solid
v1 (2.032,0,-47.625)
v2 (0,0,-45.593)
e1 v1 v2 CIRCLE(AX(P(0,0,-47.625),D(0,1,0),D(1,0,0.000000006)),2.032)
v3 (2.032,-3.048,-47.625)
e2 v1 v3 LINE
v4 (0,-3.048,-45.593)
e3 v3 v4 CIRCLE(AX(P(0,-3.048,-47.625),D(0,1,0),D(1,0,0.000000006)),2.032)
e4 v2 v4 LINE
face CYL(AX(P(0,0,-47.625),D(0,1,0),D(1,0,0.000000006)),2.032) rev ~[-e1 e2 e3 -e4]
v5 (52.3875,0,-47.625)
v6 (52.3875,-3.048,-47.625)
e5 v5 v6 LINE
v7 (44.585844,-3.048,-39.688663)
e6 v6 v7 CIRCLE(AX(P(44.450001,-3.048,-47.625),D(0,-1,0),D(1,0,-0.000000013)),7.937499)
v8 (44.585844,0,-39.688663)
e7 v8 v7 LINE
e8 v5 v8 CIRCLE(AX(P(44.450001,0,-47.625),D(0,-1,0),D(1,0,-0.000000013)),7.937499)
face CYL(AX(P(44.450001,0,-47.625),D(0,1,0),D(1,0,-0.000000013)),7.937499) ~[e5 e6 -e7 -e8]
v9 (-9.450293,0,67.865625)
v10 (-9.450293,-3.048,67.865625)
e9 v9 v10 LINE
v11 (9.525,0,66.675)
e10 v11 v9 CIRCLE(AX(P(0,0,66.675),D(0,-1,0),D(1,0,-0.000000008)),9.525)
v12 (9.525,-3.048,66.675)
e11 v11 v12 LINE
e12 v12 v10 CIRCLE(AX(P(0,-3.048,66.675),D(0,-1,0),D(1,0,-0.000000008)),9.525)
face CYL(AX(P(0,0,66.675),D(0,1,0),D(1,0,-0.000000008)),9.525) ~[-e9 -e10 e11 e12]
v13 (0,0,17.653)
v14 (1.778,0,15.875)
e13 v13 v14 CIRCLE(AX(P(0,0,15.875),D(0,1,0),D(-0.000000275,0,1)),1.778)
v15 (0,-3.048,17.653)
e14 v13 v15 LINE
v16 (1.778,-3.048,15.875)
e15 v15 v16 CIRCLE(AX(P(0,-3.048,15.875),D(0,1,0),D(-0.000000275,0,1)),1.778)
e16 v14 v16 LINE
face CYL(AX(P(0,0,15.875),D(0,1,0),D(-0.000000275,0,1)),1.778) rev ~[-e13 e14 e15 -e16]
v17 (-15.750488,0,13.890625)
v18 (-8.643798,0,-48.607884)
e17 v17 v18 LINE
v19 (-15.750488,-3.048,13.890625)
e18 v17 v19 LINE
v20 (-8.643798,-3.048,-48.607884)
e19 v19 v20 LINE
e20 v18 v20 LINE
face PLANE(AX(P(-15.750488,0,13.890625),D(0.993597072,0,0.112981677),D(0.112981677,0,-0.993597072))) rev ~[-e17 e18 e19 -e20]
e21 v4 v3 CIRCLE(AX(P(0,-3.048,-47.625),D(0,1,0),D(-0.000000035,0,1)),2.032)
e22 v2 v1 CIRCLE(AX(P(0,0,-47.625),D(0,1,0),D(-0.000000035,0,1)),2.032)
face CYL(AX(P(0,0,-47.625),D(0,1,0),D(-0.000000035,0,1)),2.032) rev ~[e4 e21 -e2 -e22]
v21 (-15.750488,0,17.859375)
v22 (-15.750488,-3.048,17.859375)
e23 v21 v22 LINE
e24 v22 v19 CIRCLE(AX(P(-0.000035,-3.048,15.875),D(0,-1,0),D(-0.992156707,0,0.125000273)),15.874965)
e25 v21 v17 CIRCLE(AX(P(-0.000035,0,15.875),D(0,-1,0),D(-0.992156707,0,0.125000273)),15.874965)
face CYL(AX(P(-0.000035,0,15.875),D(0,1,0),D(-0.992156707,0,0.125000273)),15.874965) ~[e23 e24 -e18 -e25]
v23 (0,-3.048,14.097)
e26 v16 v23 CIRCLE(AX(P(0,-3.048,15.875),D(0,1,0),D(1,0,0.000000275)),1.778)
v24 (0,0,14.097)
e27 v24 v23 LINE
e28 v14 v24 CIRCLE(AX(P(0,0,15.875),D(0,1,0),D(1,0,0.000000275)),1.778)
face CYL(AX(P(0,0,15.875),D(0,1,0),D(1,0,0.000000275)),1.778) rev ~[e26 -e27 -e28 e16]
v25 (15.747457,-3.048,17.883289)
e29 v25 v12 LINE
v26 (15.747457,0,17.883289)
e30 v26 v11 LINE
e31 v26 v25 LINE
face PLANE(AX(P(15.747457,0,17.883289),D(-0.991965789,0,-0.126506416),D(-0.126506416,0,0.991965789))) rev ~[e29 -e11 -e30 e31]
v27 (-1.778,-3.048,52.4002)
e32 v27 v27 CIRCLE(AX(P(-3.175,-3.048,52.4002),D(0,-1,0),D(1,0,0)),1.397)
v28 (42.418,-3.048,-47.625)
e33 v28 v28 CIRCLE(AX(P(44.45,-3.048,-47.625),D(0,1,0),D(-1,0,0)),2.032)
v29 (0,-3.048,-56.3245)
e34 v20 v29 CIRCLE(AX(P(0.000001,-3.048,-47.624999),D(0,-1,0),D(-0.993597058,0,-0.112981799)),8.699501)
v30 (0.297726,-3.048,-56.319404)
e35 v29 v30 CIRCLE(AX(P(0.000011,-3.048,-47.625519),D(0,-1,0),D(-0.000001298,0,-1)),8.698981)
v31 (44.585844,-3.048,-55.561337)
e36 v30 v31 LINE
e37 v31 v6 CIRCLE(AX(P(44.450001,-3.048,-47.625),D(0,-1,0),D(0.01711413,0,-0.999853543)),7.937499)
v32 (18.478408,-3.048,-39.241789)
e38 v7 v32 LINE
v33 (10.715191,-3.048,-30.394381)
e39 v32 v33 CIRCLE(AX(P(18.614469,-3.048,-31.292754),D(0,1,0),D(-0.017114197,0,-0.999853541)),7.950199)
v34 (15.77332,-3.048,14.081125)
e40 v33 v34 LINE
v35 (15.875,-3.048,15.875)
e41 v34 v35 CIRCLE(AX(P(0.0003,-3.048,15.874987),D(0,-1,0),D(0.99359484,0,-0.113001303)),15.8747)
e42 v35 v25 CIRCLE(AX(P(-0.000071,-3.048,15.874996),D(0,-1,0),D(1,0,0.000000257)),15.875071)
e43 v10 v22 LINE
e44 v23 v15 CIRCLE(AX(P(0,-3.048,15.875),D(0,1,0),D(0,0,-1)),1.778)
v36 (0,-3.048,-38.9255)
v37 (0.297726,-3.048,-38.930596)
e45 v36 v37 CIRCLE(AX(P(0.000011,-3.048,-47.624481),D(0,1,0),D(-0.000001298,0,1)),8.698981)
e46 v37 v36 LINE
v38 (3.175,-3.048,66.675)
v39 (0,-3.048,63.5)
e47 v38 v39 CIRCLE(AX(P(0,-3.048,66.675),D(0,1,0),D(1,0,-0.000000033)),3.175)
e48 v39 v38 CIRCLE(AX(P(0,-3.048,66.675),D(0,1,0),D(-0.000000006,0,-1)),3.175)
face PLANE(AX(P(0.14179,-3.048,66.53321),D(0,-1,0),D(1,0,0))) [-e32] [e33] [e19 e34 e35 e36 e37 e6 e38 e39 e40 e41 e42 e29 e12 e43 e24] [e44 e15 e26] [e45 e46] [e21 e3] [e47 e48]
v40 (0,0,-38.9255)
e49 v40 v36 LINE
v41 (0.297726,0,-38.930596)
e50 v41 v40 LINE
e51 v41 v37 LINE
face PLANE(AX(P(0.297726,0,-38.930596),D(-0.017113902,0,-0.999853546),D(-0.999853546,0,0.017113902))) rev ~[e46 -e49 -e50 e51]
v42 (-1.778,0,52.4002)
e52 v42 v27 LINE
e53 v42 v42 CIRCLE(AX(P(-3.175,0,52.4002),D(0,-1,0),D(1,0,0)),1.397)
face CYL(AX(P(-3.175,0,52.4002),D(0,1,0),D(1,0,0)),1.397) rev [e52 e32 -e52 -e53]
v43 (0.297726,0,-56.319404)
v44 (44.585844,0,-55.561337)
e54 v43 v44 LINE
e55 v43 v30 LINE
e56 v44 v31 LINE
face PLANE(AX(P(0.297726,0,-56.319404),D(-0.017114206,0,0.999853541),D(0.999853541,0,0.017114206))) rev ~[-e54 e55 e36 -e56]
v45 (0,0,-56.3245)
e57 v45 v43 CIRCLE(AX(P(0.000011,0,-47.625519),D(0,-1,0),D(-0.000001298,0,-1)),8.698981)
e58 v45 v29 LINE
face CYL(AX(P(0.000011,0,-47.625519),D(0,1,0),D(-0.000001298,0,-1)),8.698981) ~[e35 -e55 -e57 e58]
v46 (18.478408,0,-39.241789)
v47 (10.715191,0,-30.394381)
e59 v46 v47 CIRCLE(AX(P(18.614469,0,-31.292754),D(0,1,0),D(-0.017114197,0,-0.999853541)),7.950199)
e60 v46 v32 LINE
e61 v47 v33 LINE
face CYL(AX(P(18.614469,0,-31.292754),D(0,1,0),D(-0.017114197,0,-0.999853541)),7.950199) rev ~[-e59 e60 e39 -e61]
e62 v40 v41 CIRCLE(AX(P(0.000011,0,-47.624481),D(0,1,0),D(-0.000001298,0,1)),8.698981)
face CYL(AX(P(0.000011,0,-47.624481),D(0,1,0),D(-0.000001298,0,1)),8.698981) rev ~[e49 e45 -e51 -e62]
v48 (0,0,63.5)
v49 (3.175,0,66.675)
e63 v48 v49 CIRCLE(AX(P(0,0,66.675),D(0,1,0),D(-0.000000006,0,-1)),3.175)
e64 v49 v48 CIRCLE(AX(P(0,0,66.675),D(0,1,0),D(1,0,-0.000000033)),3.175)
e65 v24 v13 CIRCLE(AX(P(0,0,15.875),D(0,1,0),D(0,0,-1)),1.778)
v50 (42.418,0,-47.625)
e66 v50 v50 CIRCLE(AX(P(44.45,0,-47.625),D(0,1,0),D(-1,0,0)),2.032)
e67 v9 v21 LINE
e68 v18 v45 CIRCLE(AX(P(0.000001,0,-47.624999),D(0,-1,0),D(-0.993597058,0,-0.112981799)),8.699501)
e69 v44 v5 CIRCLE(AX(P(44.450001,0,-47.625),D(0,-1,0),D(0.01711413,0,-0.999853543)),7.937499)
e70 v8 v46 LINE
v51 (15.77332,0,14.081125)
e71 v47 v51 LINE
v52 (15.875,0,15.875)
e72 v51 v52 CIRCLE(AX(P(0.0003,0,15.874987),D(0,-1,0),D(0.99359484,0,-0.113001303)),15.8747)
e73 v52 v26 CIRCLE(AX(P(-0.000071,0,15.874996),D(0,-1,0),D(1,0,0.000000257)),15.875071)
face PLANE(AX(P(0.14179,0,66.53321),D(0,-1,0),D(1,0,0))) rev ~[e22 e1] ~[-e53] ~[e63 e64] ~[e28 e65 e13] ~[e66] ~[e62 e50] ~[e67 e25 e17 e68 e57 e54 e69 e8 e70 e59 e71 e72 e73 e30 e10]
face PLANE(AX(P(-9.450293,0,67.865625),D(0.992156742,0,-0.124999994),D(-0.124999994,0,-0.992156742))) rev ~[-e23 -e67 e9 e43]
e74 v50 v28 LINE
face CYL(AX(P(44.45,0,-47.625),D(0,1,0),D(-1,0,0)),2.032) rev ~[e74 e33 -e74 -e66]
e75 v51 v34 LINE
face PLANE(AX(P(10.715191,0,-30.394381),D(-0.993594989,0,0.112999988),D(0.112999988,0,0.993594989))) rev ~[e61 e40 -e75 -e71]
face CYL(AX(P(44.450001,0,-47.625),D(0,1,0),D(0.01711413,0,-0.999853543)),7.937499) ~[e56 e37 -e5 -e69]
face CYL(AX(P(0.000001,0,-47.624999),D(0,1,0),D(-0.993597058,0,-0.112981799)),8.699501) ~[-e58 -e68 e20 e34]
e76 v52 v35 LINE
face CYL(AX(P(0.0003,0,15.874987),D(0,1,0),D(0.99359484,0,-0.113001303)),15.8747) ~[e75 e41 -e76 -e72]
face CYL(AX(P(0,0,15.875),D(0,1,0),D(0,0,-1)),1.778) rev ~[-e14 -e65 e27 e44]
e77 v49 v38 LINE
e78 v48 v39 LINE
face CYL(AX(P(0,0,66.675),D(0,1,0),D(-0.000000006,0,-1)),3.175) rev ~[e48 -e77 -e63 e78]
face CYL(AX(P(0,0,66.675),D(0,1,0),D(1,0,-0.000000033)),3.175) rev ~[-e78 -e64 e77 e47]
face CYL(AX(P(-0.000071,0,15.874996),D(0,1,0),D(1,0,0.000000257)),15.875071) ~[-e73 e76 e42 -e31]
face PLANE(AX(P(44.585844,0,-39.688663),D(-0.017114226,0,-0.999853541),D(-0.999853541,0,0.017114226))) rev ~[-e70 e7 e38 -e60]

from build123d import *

# Parameters (mm, degrees)
F0_R     = 1.397
F1_DEPTH = 3.048


with BuildPart() as f1:
    # F0 (on Front) → F1 (new body)
    with BuildSketch(Plane.XZ):
        with BuildLine():
            ThreePointArc((3.175, 66.675), (-2.245064, 68.920064), (0, 63.5))
            ThreePointArc((0, 63.5), (2.245064, 64.429936), (3.175, 66.675))
        make_face()
        with BuildLine():
            ThreePointArc((0, 57.15), (6.735192, 59.939808), (9.525, 66.675))
            ThreePointArc((9.525, 66.675), (0.596483, 76.181305), (-9.450293, 67.865625))
            ThreePointArc((-9.450293, 67.865625), (-7.14375, 60.374805), (0, 57.15))
        make_face()
        with BuildLine():
            ThreePointArc((3.175, 66.675), (2.245064, 64.429936), (0, 63.5))
            ThreePointArc((0, 63.5), (-2.245064, 68.920064), (3.175, 66.675))
        make_face(mode=Mode.SUBTRACT)
        with BuildLine():
            Line((15.747457, 17.883289), (9.525, 66.675))
            ThreePointArc((9.525, 66.675), (6.735192, 59.939808), (0, 57.15))
            Line((0, 57.15), (0, 31.75))
            ThreePointArc((0, 31.75), (10.491283, 27.789219), (15.747457, 17.883289))
        make_face()
        with BuildLine():
            ThreePointArc((0, 57.15), (-7.14375, 60.374805), (-9.450293, 67.865625))
            Line((-9.450293, 67.865625), (-15.750488, 17.859375))
            ThreePointArc((-15.750488, 17.859375), (-10.500326, 27.78125), (0, 31.75))
            Line((0, 31.75), (0, 57.15))
        make_face()
        with Locations((-3.175, 52.4002)):
            Circle(F0_R, mode=Mode.SUBTRACT)
        with BuildLine():
            ThreePointArc((15.875, 15.875), (15.843082, 16.881168), (15.747457, 17.883289))
            ThreePointArc((15.747457, 17.883289), (10.491283, 27.789219), (0, 31.75))
            Line((0, 31.75), (0, 17.653))
            ThreePointArc((0, 17.653), (1.257236, 17.132236), (1.778, 15.875))
            ThreePointArc((1.778, 15.875), (1.257236, 14.617764), (0, 14.097))
            Line((0, 14.097), (0, 0))
            ThreePointArc((0, 0), (10.572083, 4.03242), (15.77332, 14.081125))
            ThreePointArc((15.77332, 14.081125), (15.84956, 14.976623), (15.875, 15.875))
        make_face()
        with BuildLine():
            ThreePointArc((0, 31.75), (-10.500326, 27.78125), (-15.750488, 17.859375))
            ThreePointArc((-15.750488, 17.859375), (-15.875, 15.875), (-15.750488, 13.890625))
            ThreePointArc((-15.750488, 13.890625), (-10.500326, 3.96875), (0, 0))
            Line((0, 0), (0, 14.097))
            ThreePointArc((0, 14.097), (-1.778, 15.875), (0, 17.653))
            Line((0, 17.653), (0, 31.75))
        make_face()
        with BuildLine():
            ThreePointArc((0, 0), (-10.500326, 3.96875), (-15.750488, 13.890625))
            Line((-15.750488, 13.890625), (-8.643798, -48.607884))
            ThreePointArc((-8.643798, -48.607884), (-6.48968, -41.831439), (0, -38.9255))
            Line((0, -38.9255), (0, 0))
        make_face()
        with BuildLine():
            Line((10.715191, -30.394381), (15.77332, 14.081125))
            ThreePointArc((15.77332, 14.081125), (10.572083, 4.03242), (0, 0))
            Line((0, 0), (0, -38.9255))
            ThreePointArc((0, -38.9255), (0.148885, -38.926774), (0.297726, -38.930596))
            ThreePointArc((0.297726, -38.930596), (6.255852, -41.579703), (8.6995, -47.625))
            Line((8.6995, -47.625), (36.5125, -47.625))
            ThreePointArc((36.5125, -47.625), (38.885575, -41.964516), (44.585844, -39.688663))
            Line((44.585844, -39.688663), (18.478408, -39.241789))
            ThreePointArc((18.478408, -39.241789), (12.638616, -36.536307), (10.715191, -30.394381))
        make_face()
        with BuildLine():
            ThreePointArc((0, -38.9255), (-6.48968, -41.831439), (-8.643798, -48.607884))
            ThreePointArc((-8.643798, -48.607884), (-5.793561, -54.11468), (0, -56.3245))
            Line((0, -56.3245), (0.297726, -56.319404))
            ThreePointArc((0.297726, -56.319404), (6.255852, -53.670297), (8.6995, -47.625))
            Line((8.6995, -47.625), (2.032, -47.625))
            ThreePointArc((2.032, -47.625), (-1.436841, -49.061841), (0, -45.593))
            Line((0, -45.593), (0, -38.9255))
        make_face()
        with BuildLine():
            Line((0.297726, -56.319404), (0, -56.3245))
            ThreePointArc((0, -56.3245), (0.148885, -56.323226), (0.297726, -56.319404))
        make_face()
        with BuildLine():
            ThreePointArc((8.6995, -47.625), (6.255852, -53.670297), (0.297726, -56.319404))
            Line((0.297726, -56.319404), (44.585844, -55.561337))
            ThreePointArc((44.585844, -55.561337), (38.885575, -53.285484), (36.5125, -47.625))
            Line((36.5125, -47.625), (8.6995, -47.625))
        make_face()
        with BuildLine():
            ThreePointArc((46.482, -47.625), (44.45, -45.593), (42.418, -47.625))
            ThreePointArc((42.418, -47.625), (44.45, -49.657), (46.482, -47.625))
        make_face()
        with BuildLine():
            ThreePointArc((52.3875, -47.625), (50.110484, -42.060575), (44.585844, -39.688663))
            ThreePointArc((44.585844, -39.688663), (38.885575, -41.964516), (36.5125, -47.625))
            ThreePointArc((36.5125, -47.625), (38.885575, -53.285484), (44.585844, -55.561337))
            ThreePointArc((44.585844, -55.561337), (50.110484, -53.189425), (52.3875, -47.625))
        make_face()
        with BuildLine():
            ThreePointArc((46.482, -47.625), (44.45, -49.657), (42.418, -47.625))
            ThreePointArc((42.418, -47.625), (44.45, -45.593), (46.482, -47.625))
        make_face(mode=Mode.SUBTRACT)
        with BuildLine():
            Line((0.297726, -38.930596), (0, -38.9255))
            Line((0, -38.9255), (0, -45.593))
            ThreePointArc((0, -45.593), (1.436841, -46.188159), (2.032, -47.625))
            Line((2.032, -47.625), (8.6995, -47.625))
            ThreePointArc((8.6995, -47.625), (6.255852, -41.579703), (0.297726, -38.930596))
        make_face()
    extrude(amount=F1_DEPTH)


solid = f1.part
